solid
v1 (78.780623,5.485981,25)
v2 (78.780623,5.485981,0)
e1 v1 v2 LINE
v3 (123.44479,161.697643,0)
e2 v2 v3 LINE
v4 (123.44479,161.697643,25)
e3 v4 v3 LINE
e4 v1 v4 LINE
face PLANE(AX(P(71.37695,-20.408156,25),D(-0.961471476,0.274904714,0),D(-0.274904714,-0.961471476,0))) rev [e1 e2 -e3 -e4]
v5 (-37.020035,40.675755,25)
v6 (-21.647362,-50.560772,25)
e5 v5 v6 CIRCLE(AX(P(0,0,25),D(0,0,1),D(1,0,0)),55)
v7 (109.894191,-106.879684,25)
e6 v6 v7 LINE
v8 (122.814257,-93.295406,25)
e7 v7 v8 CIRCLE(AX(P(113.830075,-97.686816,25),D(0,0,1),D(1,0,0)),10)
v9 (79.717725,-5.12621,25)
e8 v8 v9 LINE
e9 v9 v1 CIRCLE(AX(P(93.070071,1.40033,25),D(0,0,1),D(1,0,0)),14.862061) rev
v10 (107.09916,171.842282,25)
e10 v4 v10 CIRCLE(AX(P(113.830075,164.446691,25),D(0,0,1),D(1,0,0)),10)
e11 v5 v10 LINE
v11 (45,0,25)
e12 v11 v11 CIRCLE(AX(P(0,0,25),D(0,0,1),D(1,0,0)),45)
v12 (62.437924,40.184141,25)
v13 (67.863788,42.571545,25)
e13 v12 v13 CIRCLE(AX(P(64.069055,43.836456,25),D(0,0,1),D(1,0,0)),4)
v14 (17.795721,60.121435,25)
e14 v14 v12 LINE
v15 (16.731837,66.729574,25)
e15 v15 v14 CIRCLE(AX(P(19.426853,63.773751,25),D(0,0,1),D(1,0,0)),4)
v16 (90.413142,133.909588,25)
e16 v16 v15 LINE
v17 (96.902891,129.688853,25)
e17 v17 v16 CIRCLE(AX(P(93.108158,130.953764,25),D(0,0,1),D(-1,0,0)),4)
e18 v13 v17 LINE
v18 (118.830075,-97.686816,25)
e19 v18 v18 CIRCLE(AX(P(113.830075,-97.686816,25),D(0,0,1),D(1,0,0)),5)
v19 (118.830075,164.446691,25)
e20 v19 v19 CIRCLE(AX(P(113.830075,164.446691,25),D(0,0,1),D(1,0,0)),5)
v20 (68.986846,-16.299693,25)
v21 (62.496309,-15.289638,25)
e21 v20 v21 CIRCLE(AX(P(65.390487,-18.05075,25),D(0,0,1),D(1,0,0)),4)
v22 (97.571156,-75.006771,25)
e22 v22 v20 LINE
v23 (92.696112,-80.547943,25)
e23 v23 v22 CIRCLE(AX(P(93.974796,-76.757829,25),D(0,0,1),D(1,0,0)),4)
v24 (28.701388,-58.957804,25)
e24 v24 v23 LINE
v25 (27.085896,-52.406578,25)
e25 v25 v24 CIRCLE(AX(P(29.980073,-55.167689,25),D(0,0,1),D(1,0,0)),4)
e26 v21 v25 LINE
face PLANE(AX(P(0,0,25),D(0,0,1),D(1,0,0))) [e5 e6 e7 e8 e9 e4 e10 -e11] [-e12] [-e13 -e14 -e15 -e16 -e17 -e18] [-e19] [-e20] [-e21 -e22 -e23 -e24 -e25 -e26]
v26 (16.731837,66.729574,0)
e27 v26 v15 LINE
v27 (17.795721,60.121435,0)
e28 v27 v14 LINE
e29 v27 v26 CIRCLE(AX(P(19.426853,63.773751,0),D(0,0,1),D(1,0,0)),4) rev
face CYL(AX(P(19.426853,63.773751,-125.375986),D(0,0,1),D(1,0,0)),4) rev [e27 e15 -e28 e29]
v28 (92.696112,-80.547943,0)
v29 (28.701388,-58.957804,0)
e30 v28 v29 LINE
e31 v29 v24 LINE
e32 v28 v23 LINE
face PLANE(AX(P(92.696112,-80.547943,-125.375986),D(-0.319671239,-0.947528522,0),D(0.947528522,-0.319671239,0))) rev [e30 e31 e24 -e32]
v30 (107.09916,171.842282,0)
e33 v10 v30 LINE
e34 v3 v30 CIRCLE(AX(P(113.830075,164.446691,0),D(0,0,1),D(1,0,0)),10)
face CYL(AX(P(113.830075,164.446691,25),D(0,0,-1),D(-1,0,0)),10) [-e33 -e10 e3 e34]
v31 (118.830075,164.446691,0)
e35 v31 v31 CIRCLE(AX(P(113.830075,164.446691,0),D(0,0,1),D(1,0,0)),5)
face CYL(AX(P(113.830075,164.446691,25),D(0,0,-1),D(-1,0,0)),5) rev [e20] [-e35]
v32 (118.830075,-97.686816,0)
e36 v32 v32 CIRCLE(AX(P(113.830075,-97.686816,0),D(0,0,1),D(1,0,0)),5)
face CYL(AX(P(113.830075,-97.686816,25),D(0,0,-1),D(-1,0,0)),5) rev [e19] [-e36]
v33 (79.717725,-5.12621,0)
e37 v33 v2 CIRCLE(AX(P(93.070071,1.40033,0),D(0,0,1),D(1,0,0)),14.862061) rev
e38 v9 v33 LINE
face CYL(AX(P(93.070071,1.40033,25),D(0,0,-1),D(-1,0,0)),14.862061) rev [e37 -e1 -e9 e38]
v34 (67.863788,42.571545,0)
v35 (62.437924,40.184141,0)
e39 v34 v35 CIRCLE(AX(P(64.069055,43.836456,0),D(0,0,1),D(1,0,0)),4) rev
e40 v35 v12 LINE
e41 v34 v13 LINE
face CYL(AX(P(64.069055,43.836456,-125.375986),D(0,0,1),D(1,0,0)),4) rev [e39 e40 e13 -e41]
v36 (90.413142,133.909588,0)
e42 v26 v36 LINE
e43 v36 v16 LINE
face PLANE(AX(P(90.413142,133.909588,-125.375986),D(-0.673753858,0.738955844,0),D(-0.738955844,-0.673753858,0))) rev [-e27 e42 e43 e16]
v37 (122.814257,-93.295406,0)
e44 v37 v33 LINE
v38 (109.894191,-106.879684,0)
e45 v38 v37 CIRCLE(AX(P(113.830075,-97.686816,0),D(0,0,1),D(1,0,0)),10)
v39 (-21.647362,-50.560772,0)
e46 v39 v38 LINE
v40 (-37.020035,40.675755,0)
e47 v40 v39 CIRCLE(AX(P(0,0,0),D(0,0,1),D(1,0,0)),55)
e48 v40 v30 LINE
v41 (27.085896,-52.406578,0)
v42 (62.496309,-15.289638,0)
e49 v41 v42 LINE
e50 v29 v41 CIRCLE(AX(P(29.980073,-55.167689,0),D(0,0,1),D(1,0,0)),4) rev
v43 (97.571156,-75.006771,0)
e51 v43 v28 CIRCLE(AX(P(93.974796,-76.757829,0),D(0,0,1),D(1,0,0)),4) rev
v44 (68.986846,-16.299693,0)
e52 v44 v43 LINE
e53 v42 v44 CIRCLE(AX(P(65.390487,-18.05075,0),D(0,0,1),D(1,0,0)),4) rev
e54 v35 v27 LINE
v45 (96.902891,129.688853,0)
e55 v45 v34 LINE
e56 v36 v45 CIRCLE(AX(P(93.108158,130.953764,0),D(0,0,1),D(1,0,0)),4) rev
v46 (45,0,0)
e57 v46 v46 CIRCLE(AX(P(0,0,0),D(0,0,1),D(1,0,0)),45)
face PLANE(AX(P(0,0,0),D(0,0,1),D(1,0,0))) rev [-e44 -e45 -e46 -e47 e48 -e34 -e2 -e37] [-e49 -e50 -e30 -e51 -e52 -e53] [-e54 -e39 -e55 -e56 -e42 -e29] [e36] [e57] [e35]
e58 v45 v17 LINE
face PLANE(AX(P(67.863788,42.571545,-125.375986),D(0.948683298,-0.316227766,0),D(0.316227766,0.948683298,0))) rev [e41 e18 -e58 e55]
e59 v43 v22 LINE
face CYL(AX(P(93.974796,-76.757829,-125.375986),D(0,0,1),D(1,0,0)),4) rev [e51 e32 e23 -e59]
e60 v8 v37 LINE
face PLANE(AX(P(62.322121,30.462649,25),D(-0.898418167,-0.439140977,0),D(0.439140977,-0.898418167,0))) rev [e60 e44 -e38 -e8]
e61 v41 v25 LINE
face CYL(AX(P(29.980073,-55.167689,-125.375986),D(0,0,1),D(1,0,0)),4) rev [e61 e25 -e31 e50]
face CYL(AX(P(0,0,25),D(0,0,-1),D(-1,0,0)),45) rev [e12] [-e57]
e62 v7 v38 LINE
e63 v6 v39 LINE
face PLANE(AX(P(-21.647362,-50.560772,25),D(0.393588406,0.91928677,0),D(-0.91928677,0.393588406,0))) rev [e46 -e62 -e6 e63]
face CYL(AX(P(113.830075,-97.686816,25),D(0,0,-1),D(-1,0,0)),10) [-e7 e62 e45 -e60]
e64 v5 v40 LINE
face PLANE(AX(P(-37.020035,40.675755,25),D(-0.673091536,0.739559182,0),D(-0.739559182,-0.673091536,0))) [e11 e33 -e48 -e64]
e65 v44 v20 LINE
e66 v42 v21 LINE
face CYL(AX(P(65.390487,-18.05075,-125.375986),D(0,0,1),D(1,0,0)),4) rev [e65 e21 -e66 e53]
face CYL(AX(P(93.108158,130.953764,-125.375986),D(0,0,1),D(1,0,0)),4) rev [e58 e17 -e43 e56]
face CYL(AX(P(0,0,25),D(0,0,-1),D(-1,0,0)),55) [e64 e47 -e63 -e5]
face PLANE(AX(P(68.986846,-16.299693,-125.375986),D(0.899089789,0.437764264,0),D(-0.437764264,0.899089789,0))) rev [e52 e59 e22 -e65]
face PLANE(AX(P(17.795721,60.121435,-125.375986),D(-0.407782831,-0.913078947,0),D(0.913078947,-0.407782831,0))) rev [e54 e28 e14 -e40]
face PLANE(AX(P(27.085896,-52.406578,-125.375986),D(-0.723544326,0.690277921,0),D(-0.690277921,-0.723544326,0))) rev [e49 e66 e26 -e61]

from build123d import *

# Parameters (mm, degrees)
SKETCH2_R           = 45
SKETCH2_R_2         = 5
BOSS_EXTRUDE2_DEPTH = 25
CUT_EXTRUDE1_DEPTH  = 25


with BuildPart() as part:
    # Sketch2 → Boss-Extrude2 (new body)
    with BuildSketch(Plane.XY):
        with BuildLine():
            Line((107.0991595, 171.84228244), (-37.020034505, 40.675755006))
            ThreePointArc((-37.020034505, 40.675755006), (-54.235521991, -9.138279618), (-21.647362352, -50.560772375))
            Line((-21.647362352, -50.560772375), (109.894190801, -106.879683889))
            ThreePointArc((109.894190801, -106.879683889), (121.07607209, -104.578515845), (122.814256533, -93.295406417))
            Line((122.814256533, -93.295406417), (79.717724854, -5.126210099))
            ThreePointArc((79.717724854, -5.126210099), (78.265617309, 0.093033065), (78.780622712, 5.485980771))
            Line((78.780622712, 5.485980771), (123.44478962, 161.697643481))
            ThreePointArc((123.44478962, 161.697643481), (119.103356541, 172.943307617), (107.0991595, 171.84228244))
        make_face()
        Circle(SKETCH2_R, mode=Mode.SUBTRACT)
        with Locations((113.830074865, -97.686816185)):
            Circle(SKETCH2_R_2, mode=Mode.SUBTRACT)
        with Locations((113.830074865, 164.446690621)):
            Circle(SKETCH2_R_2, mode=Mode.SUBTRACT)
    extrude(amount=BOSS_EXTRUDE2_DEPTH)

    # Sketch3 → Cut-Extrude1 (cut)
    with BuildSketch(Plane.XY.offset(25)):
        with BuildLine():
            Line((17.795721205, 60.121434904), (62.437923836, 40.184140526))
            ThreePointArc((62.437923836, 40.184140526), (65.680023373, 40.175202237), (67.86378835, 42.571545249))
            Line((67.86378835, 42.571545249), (96.902891032, 129.688853296))
            ThreePointArc((96.902891032, 129.688853296), (95.288982132, 134.306972586), (90.41314241, 133.909587735))
            Line((90.41314241, 133.909587735), (16.731837096, 66.729574067))
            ThreePointArc((16.731837096, 66.729574067), (15.477705501, 63.137953736), (17.795721205, 60.121434904))
        make_face()
        with BuildLine():
            Line((27.085895713, -52.406577788), (62.496309368, -15.289638174))
            ThreePointArc((62.496309368, -15.289638174), (66.005561811, -14.098322429), (68.98684583, -16.2996928))
            Line((68.98684583, -16.2996928), (97.571155647, -75.006771443))
            ThreePointArc((97.571155647, -75.006771443), (96.977969452, -79.399977656), (92.696111536, -80.547942587))
            Line((92.696111536, -80.547942587), (28.701388064, -58.957803557))
            ThreePointArc((28.701388064, -58.957803557), (26.096410491, -56.125376983), (27.085895713, -52.406577788))
        make_face()
    extrude(amount=-CUT_EXTRUDE1_DEPTH, mode=Mode.SUBTRACT)


solid = part.part
